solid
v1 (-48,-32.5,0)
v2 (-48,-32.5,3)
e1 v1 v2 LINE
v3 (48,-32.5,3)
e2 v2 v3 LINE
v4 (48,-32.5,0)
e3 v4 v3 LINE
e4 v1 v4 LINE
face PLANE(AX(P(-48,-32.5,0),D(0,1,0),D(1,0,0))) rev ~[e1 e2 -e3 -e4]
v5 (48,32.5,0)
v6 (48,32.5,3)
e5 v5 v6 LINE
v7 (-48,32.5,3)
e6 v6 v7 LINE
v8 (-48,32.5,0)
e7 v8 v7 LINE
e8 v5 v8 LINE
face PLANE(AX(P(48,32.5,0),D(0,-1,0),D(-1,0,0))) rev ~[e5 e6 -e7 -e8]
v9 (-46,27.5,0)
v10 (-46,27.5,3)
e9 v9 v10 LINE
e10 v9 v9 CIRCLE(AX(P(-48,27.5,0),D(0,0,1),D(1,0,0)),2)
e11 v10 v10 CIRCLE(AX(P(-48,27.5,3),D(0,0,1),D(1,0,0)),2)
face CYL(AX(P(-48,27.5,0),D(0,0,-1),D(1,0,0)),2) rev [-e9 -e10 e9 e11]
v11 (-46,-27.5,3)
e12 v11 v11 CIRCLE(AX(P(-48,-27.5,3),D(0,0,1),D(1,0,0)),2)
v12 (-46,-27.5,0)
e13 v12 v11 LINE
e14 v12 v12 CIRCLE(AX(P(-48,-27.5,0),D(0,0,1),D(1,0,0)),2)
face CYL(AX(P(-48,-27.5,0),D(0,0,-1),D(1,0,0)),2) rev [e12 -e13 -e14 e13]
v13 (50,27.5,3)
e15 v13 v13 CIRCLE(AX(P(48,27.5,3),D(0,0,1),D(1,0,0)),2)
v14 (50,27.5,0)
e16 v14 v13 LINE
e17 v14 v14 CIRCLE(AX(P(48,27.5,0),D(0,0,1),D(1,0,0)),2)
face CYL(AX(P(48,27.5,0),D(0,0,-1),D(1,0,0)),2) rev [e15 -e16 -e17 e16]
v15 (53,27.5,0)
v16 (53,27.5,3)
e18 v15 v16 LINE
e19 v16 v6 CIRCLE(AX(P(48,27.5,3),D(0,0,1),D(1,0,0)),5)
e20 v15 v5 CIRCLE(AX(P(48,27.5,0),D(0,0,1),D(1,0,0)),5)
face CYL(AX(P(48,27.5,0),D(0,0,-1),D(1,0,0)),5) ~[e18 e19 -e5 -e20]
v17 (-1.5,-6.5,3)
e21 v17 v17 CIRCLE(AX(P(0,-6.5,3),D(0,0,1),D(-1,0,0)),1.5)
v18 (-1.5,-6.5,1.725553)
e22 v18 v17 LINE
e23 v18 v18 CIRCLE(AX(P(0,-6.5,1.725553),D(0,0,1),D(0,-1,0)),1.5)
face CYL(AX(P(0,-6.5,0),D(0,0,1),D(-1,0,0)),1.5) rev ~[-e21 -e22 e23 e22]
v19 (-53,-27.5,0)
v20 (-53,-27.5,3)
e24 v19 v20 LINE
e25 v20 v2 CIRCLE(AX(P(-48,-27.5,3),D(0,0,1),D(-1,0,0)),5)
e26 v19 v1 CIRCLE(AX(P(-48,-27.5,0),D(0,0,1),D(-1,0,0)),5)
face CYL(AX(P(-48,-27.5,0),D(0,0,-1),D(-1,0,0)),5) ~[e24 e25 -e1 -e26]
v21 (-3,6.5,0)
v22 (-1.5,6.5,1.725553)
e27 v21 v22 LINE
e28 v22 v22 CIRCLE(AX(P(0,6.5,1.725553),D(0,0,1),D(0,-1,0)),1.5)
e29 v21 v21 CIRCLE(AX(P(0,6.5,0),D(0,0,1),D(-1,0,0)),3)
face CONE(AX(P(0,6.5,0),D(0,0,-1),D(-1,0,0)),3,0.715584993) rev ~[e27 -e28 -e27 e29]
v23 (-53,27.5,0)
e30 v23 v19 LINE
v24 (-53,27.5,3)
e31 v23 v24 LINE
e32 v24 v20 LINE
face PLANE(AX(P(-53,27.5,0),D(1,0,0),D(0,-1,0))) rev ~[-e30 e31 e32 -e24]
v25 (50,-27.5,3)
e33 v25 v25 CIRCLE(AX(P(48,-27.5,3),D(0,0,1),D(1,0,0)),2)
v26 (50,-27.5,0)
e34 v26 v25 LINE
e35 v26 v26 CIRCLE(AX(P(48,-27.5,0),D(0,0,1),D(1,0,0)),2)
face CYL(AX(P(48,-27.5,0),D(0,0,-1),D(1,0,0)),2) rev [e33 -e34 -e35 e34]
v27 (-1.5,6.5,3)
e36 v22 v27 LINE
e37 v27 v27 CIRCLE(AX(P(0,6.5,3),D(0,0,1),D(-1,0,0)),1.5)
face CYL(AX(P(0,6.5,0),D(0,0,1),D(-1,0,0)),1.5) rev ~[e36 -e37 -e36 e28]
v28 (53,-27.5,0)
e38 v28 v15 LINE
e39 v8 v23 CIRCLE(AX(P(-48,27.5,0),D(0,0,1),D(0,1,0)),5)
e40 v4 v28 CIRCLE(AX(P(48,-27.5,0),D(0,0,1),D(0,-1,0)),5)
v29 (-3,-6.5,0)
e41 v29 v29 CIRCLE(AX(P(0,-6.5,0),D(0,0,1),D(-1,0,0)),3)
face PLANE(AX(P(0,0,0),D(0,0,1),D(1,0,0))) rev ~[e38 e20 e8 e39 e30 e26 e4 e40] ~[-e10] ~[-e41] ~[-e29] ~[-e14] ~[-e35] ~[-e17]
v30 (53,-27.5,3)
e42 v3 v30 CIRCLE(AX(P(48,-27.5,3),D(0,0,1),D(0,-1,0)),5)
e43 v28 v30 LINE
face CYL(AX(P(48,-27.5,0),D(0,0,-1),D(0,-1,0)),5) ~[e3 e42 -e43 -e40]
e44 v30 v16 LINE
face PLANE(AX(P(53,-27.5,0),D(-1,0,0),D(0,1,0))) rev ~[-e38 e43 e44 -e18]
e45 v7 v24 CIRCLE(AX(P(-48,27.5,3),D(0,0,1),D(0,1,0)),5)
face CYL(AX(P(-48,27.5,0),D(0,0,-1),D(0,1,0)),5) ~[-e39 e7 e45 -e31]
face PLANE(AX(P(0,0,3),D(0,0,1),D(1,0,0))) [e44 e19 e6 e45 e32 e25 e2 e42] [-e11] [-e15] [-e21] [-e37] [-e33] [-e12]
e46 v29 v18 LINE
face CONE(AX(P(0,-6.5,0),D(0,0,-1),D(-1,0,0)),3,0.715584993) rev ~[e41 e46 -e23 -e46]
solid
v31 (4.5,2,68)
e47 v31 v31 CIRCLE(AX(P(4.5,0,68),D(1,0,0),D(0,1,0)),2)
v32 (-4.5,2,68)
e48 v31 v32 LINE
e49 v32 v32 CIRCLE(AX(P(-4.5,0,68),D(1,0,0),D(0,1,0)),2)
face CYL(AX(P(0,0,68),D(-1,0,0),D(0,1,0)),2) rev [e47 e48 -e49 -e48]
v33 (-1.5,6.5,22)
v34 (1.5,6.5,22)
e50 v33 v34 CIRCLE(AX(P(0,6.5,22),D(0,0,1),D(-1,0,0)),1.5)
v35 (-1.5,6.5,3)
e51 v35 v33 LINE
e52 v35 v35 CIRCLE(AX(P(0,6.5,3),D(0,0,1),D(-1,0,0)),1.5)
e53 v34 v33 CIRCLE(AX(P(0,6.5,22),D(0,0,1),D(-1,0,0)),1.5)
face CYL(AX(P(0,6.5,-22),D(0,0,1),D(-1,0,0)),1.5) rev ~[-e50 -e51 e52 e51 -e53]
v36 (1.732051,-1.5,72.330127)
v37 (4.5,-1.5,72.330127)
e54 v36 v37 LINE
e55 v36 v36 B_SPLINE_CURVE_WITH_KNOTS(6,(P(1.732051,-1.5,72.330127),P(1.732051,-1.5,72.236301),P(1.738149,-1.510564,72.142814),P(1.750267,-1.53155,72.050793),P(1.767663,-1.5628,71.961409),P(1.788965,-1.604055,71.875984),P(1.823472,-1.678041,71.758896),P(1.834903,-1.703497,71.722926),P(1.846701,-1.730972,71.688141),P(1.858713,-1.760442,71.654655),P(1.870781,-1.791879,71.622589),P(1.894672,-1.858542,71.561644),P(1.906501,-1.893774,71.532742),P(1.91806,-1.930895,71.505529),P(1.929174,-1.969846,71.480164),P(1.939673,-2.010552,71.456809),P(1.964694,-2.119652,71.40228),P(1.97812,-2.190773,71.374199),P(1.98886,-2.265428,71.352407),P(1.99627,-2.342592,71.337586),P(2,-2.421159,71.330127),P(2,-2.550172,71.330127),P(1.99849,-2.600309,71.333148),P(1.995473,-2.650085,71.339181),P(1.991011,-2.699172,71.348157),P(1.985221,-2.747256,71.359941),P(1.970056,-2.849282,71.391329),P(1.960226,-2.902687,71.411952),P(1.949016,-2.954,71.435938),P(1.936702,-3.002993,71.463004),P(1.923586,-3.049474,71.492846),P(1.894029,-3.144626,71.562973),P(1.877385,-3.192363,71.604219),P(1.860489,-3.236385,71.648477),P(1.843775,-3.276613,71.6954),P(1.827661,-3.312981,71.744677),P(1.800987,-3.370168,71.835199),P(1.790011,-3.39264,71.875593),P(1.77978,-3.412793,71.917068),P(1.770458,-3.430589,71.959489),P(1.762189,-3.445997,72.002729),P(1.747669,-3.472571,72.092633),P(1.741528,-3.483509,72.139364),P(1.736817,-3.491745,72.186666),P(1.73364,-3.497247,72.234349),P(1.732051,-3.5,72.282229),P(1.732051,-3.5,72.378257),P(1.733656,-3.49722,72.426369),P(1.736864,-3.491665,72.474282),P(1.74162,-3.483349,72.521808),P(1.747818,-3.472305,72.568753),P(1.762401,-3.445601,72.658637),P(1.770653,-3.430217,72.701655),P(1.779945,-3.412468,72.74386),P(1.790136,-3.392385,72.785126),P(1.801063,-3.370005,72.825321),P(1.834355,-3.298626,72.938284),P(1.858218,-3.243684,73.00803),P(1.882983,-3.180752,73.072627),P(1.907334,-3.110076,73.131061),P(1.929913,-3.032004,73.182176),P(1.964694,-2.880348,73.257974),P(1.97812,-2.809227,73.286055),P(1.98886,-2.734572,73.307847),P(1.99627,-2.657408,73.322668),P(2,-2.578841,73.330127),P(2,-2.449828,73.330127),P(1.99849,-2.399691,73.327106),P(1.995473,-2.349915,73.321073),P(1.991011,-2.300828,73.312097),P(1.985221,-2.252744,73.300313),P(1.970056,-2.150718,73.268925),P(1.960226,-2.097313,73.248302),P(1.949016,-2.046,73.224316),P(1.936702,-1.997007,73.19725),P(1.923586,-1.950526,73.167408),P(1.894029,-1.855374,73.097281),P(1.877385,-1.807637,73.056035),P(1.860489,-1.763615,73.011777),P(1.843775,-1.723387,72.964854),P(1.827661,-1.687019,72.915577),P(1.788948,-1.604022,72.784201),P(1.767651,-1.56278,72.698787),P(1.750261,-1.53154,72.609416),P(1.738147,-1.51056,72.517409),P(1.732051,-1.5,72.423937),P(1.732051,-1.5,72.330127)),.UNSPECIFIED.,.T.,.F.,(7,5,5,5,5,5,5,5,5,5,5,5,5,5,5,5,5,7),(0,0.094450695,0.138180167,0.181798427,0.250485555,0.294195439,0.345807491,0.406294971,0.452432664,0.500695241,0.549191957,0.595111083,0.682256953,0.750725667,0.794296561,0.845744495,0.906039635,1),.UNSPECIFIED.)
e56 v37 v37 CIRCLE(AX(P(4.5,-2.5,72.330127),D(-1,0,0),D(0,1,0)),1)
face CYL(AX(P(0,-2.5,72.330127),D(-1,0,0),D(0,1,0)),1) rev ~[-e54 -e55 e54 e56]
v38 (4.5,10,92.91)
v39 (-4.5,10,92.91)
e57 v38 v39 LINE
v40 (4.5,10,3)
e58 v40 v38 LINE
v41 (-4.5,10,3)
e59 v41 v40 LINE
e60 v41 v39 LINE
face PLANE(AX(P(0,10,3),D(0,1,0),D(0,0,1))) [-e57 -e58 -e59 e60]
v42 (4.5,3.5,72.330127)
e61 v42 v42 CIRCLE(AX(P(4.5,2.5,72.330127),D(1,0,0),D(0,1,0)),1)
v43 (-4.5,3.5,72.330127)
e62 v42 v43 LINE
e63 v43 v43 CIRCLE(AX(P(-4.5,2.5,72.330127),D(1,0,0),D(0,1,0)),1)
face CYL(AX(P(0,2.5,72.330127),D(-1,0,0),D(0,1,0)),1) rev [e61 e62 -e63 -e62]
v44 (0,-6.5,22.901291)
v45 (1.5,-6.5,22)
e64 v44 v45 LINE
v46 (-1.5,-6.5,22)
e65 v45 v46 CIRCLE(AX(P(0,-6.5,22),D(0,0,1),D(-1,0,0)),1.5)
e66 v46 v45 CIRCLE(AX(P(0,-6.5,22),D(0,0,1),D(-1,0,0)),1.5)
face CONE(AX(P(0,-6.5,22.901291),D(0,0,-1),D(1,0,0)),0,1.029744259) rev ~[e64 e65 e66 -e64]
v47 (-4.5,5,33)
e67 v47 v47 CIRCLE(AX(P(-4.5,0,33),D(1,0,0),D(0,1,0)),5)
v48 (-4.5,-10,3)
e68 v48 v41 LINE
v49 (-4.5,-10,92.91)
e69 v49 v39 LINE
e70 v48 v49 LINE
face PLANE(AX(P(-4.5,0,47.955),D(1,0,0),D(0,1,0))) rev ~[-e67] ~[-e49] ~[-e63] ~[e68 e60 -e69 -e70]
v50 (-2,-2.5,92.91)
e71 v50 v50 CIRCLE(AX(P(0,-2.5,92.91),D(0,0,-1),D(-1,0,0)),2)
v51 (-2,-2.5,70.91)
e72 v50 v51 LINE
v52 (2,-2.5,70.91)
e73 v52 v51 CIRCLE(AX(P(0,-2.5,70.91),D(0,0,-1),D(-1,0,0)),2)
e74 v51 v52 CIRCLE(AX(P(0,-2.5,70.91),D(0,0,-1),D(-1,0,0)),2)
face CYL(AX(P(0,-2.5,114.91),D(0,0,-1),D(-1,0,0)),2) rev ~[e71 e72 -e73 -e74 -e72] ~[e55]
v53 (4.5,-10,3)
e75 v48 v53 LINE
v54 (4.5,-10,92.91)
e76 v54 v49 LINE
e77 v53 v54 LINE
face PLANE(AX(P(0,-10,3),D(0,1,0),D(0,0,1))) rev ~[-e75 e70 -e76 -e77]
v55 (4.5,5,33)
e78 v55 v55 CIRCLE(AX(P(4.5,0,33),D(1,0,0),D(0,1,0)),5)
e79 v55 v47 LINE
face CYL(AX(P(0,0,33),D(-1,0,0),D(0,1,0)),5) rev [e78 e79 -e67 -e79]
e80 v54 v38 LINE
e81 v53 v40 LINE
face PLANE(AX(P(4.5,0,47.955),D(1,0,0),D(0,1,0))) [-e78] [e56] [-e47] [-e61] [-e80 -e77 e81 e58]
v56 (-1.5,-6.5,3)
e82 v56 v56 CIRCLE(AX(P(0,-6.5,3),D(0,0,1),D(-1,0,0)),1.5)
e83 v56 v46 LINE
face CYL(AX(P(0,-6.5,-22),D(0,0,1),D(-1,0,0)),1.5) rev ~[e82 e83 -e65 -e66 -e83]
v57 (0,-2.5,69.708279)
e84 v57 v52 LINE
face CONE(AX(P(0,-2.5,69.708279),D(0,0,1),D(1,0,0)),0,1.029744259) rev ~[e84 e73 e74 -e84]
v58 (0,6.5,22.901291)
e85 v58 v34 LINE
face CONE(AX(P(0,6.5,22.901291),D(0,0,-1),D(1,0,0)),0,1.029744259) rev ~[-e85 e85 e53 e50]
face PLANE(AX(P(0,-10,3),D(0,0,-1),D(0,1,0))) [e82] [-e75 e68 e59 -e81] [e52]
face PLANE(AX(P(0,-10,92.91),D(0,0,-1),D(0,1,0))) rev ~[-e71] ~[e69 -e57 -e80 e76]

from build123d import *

# Parameters (mm, degrees)
F0_R           = 2
F1_DEPTH       = 3
F2_D           = 3
F2_CSINK_D     = 6
F2_CSINK_ANGLE = 82
F3_W           = 20
F3_H           = 89.91
F3_R           = 5
F3_R_2         = 1
F3_R_3         = 2
F4_DEPTH       = 4.5
F5_D           = 2
F5_DEPTH       = 4.501
F7_D           = 4
F7_DEPTH       = 22
F7_TIP         = 1.2017212381
F9_D           = 3
F9_DEPTH       = 22
F9_TIP         = 0.9012909285


with BuildPart() as f1:
    # F0 (on Top) → F1 (new body)
    with BuildSketch(Plane.XY):
        with BuildLine():
            ThreePointArc((53, 27.5), (51.5355339059, 31.0355339059), (48, 32.5))
            Line((48, 32.5), (-48, 32.5))
            ThreePointArc((-48, 32.5), (-51.5355339059, 31.0355339059), (-53, 27.5))
            Line((-53, 27.5), (-53, -27.5))
            ThreePointArc((-53, -27.5), (-51.5355339059, -31.0355339059), (-48, -32.5))
            Line((-48, -32.5), (48, -32.5))
            ThreePointArc((48, -32.5), (51.5355339059, -31.0355339059), (53, -27.5))
            Line((53, -27.5), (53, 27.5))
        make_face()
        with Locations((-48, -27.5)):
            Circle(F0_R, mode=Mode.SUBTRACT)
        with Locations((48, -27.5)):
            Circle(F0_R, mode=Mode.SUBTRACT)
        with Locations((-48, 27.5)):
            Circle(F0_R, mode=Mode.SUBTRACT)
        with Locations((48, 27.5)):
            Circle(F0_R, mode=Mode.SUBTRACT)
    extrude(amount=F1_DEPTH)

    # F2 (through all)
    with Locations(Plane(origin=(0, 0, 0), x_dir=(1, 0, 0), z_dir=(0, 0, -1))):
        with Locations((0, -6.5), (0, 6.5)):
            CounterSinkHole(F2_D / 2, F2_CSINK_D / 2, counter_sink_angle=F2_CSINK_ANGLE)


with BuildPart() as f4:
    # F3 (on Right) → F4 (new body, symmetric)
    with BuildSketch(Plane.YZ):
        with Locations((0, 47.955)):
            Rectangle(F3_W, F3_H)
        with Locations((0, 33)):
            Circle(F3_R, mode=Mode.SUBTRACT)
        with Locations((-2.5, 72.3301270189)):
            Circle(F3_R_2, mode=Mode.SUBTRACT)
        with Locations((0, 68)):
            Circle(F3_R_3, mode=Mode.SUBTRACT)
        with Locations((2.5, 72.3301270189)):
            Circle(F3_R_2, mode=Mode.SUBTRACT)
        with Locations((-2.5, 72.3301270189)):
            Circle(F3_R_2)
    extrude(amount=F4_DEPTH, both=True)

    # F5 (through all, one way)
    with BuildSketch(Plane(origin=(0, 0, 0), x_dir=(0, 1, 0), z_dir=(-1, 0, 0))):
        with Locations((-2.5, -72.3301270189)):
            Circle(F5_D / 2)
    extrude(amount=-F5_DEPTH, mode=Mode.SUBTRACT)

    # F7
    with Locations(Plane.XY.offset(92.91)):
        with Locations((0, -2.5)):
            Hole(F7_D / 2, depth=F7_DEPTH)
            with Locations((0, 0, -(F7_DEPTH + F7_TIP / 2))):  # 118° drill point
                Cone(0, F7_D / 2, F7_TIP, mode=Mode.SUBTRACT)

    # F9
    with Locations(Plane(origin=(0, 0, 0), x_dir=(1, 0, 0), z_dir=(0, 0, -1))):
        with Locations((0, 6.5), (0, -6.5)):
            Hole(F9_D / 2, depth=F9_DEPTH)
            with Locations((0, 0, -(F9_DEPTH + F9_TIP / 2))):  # 118° drill point
                Cone(0, F9_D / 2, F9_TIP, mode=Mode.SUBTRACT)


solid = Compound([f1.part, f4.part])
